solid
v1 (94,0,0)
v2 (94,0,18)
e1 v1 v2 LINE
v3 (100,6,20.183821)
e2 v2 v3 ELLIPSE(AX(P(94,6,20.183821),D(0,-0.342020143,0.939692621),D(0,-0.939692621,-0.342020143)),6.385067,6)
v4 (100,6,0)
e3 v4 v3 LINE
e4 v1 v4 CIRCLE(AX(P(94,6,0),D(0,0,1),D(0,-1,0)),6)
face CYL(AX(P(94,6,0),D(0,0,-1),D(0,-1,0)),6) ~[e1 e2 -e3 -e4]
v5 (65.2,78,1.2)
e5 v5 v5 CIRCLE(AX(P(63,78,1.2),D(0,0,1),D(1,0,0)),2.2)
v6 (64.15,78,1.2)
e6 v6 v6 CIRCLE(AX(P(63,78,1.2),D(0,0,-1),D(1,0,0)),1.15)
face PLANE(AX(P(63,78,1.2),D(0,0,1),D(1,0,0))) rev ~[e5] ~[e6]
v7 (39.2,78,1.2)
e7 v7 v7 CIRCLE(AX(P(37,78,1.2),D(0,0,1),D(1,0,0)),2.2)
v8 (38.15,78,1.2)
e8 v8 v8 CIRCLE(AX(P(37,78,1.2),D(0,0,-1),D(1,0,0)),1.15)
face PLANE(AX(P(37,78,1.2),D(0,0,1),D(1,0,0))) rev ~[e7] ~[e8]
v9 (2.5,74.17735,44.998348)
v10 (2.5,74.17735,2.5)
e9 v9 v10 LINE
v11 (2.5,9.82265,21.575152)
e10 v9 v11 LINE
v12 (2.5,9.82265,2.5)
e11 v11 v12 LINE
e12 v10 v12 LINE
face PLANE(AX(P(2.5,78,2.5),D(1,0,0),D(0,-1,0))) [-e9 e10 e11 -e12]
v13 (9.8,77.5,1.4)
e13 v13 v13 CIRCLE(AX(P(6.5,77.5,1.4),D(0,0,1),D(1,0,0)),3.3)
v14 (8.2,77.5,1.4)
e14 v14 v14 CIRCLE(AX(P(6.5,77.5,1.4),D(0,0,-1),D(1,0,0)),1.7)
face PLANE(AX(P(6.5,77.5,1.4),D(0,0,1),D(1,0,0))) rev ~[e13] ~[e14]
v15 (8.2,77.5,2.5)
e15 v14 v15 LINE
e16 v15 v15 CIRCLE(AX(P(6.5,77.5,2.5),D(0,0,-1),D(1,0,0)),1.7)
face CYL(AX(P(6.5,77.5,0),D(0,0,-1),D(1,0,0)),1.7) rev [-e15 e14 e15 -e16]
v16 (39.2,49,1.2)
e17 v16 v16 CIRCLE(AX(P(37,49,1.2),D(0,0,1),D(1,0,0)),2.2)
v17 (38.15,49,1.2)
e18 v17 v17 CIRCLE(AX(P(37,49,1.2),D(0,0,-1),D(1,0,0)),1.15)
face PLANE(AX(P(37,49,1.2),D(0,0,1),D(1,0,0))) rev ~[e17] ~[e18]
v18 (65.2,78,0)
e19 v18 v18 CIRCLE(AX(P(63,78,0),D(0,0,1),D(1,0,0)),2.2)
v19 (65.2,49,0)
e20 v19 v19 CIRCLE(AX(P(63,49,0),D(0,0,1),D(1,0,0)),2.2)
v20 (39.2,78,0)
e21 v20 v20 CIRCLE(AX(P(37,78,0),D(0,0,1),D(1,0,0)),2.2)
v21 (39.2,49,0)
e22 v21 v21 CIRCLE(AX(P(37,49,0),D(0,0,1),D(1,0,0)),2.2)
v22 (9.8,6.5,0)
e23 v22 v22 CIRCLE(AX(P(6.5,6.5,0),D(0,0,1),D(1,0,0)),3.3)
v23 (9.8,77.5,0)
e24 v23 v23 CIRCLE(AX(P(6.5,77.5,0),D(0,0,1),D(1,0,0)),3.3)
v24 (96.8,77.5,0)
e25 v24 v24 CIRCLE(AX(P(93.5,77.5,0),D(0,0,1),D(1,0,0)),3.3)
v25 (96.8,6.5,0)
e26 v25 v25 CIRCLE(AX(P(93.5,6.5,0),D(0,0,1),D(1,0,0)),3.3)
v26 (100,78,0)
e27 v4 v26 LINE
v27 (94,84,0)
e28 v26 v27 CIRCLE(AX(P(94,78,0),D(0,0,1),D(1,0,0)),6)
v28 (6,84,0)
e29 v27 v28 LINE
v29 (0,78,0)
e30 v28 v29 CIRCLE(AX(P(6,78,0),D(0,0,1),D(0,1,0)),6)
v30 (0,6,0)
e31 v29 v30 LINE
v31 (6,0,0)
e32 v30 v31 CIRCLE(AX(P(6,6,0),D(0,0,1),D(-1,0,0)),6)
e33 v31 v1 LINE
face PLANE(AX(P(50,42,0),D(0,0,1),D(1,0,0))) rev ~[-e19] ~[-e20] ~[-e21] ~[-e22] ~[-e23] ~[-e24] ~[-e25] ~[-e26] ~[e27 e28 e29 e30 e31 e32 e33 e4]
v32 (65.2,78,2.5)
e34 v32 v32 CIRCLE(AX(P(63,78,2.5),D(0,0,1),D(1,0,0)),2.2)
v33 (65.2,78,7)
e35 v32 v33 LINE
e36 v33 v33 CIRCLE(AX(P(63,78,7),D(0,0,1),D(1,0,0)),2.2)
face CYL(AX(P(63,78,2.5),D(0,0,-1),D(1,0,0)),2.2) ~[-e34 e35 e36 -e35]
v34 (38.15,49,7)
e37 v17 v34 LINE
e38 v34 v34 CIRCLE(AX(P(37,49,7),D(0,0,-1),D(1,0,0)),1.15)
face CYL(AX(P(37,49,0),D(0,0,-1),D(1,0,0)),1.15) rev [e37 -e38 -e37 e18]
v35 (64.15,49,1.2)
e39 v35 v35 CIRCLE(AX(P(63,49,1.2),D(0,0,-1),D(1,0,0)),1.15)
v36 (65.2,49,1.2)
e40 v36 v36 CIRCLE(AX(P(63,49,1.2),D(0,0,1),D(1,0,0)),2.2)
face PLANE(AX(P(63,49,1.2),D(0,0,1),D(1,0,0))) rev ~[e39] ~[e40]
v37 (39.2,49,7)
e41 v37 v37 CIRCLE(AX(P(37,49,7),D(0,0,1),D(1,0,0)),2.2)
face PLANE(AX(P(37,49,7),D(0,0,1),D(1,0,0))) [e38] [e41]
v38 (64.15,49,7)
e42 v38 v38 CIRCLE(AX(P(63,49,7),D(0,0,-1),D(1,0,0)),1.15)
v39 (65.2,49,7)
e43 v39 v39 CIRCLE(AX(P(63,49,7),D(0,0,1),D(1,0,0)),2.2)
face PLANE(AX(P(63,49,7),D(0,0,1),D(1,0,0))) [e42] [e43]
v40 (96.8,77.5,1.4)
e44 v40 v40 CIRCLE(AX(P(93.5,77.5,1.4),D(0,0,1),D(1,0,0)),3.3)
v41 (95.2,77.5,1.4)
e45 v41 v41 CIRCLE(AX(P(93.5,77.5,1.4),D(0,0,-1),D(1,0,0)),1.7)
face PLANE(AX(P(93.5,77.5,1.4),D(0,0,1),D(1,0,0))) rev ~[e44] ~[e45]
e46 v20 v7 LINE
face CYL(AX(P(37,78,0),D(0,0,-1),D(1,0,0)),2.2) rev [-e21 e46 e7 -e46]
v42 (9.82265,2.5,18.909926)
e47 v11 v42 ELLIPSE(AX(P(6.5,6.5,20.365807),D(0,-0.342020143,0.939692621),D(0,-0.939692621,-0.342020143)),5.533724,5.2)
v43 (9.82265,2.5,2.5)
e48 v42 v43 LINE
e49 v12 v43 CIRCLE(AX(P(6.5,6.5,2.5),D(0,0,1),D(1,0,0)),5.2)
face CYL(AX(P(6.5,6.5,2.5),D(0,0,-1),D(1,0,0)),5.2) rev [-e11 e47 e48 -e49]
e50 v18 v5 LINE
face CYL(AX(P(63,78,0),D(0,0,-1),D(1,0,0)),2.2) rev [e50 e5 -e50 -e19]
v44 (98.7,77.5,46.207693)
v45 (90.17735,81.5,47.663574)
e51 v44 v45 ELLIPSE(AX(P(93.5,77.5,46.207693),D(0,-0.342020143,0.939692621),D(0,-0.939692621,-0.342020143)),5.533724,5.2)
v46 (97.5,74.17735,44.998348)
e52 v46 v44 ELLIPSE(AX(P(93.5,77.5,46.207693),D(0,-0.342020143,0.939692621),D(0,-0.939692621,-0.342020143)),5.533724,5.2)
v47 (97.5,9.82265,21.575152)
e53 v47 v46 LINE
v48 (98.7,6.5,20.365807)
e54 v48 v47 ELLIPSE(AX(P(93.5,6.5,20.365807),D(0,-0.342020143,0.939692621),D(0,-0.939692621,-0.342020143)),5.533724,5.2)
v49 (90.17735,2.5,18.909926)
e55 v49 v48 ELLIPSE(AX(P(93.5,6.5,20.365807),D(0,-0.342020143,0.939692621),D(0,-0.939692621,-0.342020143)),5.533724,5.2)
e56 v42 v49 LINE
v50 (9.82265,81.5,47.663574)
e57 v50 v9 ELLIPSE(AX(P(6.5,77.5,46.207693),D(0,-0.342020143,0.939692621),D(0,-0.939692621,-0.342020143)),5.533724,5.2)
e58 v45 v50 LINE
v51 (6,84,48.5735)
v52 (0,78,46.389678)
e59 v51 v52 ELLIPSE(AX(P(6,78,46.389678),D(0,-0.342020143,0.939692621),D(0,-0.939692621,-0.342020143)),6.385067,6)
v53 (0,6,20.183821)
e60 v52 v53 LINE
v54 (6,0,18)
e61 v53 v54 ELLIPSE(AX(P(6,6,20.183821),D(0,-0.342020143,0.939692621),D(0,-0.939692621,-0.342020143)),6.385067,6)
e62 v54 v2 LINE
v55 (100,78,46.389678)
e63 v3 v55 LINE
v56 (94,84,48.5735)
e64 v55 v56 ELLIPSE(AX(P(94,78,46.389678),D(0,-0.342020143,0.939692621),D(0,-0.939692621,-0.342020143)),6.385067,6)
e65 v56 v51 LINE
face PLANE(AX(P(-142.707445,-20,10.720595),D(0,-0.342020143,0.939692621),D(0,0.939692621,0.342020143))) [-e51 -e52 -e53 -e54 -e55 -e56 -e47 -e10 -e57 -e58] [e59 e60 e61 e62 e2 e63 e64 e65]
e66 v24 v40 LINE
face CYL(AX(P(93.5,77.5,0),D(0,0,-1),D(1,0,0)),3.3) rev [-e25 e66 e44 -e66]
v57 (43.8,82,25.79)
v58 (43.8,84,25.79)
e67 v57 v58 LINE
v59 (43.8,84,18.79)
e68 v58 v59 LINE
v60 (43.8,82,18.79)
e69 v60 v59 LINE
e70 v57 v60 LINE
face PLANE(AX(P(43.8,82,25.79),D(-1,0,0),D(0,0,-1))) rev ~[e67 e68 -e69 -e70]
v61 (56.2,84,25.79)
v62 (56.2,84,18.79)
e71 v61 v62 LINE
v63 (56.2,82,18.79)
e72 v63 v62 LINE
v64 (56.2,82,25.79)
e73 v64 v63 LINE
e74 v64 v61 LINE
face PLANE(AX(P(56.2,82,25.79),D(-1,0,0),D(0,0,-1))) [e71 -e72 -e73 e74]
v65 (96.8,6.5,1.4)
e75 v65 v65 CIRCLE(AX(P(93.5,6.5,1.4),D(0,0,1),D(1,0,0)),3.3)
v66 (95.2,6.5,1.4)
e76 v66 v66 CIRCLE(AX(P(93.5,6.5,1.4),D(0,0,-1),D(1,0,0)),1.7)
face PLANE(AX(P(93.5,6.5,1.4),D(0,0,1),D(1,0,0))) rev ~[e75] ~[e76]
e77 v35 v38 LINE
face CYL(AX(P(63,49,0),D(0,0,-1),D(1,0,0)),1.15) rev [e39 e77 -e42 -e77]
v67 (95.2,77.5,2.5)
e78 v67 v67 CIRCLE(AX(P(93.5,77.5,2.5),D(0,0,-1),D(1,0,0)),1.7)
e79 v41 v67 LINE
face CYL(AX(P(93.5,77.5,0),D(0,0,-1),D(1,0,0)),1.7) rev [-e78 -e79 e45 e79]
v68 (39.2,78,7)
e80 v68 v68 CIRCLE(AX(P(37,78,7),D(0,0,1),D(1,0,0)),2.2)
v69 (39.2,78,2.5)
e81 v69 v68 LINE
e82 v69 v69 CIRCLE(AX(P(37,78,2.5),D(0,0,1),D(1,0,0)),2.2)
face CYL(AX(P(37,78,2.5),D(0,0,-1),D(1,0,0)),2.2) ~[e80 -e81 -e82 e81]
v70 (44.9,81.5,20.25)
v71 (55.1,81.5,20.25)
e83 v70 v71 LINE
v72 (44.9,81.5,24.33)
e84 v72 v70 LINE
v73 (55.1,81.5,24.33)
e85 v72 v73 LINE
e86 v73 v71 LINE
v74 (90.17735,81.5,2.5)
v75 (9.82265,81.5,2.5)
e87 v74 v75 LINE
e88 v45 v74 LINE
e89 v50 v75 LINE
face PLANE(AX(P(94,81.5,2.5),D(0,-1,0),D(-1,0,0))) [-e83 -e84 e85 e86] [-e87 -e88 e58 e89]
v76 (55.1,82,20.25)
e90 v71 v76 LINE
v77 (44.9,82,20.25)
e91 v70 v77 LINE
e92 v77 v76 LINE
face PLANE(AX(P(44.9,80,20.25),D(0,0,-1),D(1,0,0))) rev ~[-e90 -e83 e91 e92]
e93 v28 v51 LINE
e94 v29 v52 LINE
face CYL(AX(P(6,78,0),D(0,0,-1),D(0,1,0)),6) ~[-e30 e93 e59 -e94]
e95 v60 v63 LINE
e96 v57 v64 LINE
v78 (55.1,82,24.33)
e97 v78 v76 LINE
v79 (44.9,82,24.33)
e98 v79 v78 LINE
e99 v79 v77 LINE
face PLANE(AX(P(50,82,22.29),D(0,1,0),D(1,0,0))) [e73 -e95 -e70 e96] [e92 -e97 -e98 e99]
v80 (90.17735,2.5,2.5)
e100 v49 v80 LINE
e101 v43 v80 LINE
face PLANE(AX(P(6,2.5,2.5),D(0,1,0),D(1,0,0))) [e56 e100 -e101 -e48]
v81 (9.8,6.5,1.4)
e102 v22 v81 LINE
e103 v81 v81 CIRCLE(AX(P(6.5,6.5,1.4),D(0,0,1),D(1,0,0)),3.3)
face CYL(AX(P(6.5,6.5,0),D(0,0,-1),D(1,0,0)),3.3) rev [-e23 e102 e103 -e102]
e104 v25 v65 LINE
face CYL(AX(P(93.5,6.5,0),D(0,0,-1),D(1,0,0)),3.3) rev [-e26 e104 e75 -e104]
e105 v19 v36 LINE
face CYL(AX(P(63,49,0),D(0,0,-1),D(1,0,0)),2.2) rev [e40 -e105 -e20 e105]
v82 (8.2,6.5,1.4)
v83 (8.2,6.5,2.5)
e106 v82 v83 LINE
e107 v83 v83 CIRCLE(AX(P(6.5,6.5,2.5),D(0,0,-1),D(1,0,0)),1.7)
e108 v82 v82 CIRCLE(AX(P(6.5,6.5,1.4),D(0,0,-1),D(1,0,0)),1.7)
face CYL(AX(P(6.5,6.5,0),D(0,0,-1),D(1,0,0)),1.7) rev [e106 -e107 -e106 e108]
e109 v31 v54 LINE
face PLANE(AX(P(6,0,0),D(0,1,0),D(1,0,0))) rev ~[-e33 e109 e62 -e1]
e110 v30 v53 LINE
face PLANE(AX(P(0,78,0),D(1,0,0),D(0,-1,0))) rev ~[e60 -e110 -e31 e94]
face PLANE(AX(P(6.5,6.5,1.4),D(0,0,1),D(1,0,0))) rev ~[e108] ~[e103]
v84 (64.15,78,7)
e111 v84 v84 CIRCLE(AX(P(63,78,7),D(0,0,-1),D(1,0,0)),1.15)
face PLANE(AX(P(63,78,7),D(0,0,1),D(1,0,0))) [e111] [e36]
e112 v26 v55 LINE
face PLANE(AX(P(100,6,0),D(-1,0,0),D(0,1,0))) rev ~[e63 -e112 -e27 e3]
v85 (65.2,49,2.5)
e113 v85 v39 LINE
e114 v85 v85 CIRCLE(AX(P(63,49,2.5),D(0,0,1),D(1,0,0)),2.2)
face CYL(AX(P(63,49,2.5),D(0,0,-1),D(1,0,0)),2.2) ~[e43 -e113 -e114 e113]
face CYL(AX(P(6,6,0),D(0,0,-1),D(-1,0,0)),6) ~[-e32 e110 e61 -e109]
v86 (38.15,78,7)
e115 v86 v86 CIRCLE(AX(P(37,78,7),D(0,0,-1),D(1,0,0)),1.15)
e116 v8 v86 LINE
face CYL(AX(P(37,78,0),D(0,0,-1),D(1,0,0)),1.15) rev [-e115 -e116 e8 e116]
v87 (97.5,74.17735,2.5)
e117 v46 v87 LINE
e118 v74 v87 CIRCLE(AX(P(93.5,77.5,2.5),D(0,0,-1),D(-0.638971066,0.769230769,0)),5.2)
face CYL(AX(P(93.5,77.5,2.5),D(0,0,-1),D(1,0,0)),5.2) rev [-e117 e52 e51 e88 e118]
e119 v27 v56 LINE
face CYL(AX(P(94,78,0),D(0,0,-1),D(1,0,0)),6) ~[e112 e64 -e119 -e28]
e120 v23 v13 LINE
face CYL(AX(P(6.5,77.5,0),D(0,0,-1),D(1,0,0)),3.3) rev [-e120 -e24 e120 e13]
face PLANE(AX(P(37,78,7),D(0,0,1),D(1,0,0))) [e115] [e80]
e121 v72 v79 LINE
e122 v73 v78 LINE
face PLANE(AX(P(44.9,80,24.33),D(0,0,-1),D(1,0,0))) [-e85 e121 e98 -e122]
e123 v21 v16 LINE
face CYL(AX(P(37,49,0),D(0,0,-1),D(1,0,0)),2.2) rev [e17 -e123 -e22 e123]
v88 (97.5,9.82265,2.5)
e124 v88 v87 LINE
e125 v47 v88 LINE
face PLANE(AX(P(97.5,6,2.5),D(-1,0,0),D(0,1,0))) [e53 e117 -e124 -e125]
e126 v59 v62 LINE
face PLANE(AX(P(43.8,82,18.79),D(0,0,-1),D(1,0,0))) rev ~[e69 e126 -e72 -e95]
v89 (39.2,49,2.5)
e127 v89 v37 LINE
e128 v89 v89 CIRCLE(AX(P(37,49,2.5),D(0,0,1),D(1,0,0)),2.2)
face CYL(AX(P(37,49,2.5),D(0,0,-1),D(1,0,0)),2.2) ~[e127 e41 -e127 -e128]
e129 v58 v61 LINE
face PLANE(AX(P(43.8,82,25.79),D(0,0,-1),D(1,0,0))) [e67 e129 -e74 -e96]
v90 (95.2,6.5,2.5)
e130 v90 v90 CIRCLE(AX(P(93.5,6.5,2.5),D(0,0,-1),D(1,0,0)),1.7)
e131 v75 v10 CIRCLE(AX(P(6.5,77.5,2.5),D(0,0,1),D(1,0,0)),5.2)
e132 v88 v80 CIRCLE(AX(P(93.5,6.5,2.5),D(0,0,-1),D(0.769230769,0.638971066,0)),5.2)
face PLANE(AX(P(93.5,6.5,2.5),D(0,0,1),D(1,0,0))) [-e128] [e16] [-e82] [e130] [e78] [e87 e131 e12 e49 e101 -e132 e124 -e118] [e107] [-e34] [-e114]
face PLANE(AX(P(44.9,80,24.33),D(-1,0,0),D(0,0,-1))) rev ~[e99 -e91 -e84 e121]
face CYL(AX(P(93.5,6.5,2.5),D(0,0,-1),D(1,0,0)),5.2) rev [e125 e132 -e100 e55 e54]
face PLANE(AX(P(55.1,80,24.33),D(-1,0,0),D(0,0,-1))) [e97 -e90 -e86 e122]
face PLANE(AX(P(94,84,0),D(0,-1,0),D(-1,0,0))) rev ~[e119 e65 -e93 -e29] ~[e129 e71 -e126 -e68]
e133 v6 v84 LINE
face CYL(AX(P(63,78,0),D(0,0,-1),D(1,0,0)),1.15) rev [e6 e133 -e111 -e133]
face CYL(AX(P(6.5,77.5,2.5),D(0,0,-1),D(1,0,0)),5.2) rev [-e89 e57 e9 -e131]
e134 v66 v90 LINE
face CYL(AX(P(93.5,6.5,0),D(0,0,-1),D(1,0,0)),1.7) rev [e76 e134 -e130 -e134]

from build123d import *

# Parameters (mm, degrees)
OUTER_R6_DEPTH                         = 55
CAVITY_FLOOR2P5_WALL2P5_START          = 2.5
CAVITY_FLOOR2P5_WALL2P5_DEPTH          = 65
PANEL_SEAT_20DEG_DEPTH                 = 142.707445111
PANEL_SEAT_20DEG_DEPTH_BACK            = 142.707445111
INTERNAL_POST_CLEARANCE_0_START        = 2.5
SKETCH_4_R                             = 5.2
INTERNAL_POST_CLEARANCE_0_DEPTH        = 60
SKETCH_5_R                             = 1.7
UNDERSIDE_M3_0_DEPTH                   = 3
SKETCH_6_R                             = 3.3
UNDERSIDE_HEAD_RECESS_0_DEPTH          = 1.4
INTERNAL_POST_CLEARANCE_1_START        = 2.5
SKETCH_7_R                             = 5.2
INTERNAL_POST_CLEARANCE_1_DEPTH        = 60
SKETCH_8_R                             = 1.7
UNDERSIDE_M3_1_DEPTH                   = 3
SKETCH_9_R                             = 3.3
UNDERSIDE_HEAD_RECESS_1_DEPTH          = 1.4
INTERNAL_POST_CLEARANCE_2_START        = 2.5
SKETCH_10_R                            = 5.2
INTERNAL_POST_CLEARANCE_2_DEPTH        = 60
SKETCH_11_R                            = 1.7
UNDERSIDE_M3_2_DEPTH                   = 3
SKETCH_12_R                            = 3.3
UNDERSIDE_HEAD_RECESS_2_DEPTH          = 1.4
INTERNAL_POST_CLEARANCE_3_START        = 2.5
SKETCH_13_R                            = 5.2
INTERNAL_POST_CLEARANCE_3_DEPTH        = 60
SKETCH_14_R                            = 1.7
UNDERSIDE_M3_3_DEPTH                   = 3
SKETCH_15_R                            = 3.3
UNDERSIDE_HEAD_RECESS_3_DEPTH          = 1.4
CENTERED_CARRIER_SUPPORTS_Z7_START     = 2.5
SKETCH_16_R                            = 2.2
CENTERED_CARRIER_SUPPORTS_Z7_DEPTH     = 4.5
SKETCH_17_R                            = 1.15
CARRIER_M2_CLEARANCE_DEPTH             = 8
SKETCH_18_R                            = 2.2
CARRIER_HEAD_RECESS_DEPTH              = 1.2
USB_C_CENTERED_INNER_OPENING_START     = 80
SKETCH_19_W                            = 10.2
SKETCH_19_H                            = 4.08
USB_C_CENTERED_INNER_OPENING_DEPTH     = 6
USB_PLUG_SHOULDER_SHALLOW_RECESS_START = 82
SKETCH_20_W                            = 12.4
SKETCH_20_H                            = 7
USB_PLUG_SHOULDER_SHALLOW_RECESS_DEPTH = 3


with BuildPart() as part:
    # 草图1 → Outer_R6 (new body)
    with BuildSketch(Plane.XY):
        with BuildLine():
            Line((6, 0), (94, 0))
            ThreePointArc((94, 0), (98.242640687, 1.757359313), (100, 6))
            Line((100, 6), (100, 78))
            ThreePointArc((100, 78), (98.242640687, 82.242640687), (94, 84))
            Line((94, 84), (6, 84))
            ThreePointArc((6, 84), (1.757359313, 82.242640687), (0, 78))
            Line((0, 78), (0, 6))
            ThreePointArc((0, 6), (1.757359313, 1.757359313), (6, 0))
        make_face()
    extrude(amount=OUTER_R6_DEPTH)

    # 草图2 → Cavity_floor2p5_wall2p5 (cut)
    with BuildSketch(Plane.XY.offset(CAVITY_FLOOR2P5_WALL2P5_START)):
        with BuildLine():
            Line((6, 2.5), (94, 2.5))
            ThreePointArc((94, 2.5), (96.474873734, 3.525126266), (97.5, 6))
            Line((97.5, 6), (97.5, 78))
            ThreePointArc((97.5, 78), (96.474873734, 80.474873734), (94, 81.5))
            Line((94, 81.5), (6, 81.5))
            ThreePointArc((6, 81.5), (3.525126266, 80.474873734), (2.5, 78))
            Line((2.5, 78), (2.5, 6))
            ThreePointArc((2.5, 6), (3.525126266, 3.525126266), (6, 2.5))
        make_face()
    extrude(amount=CAVITY_FLOOR2P5_WALL2P5_DEPTH, mode=Mode.SUBTRACT)

    # 草图3 → Panel_seat_20deg (cut, two sides: drawn at the far end of the back side and taken through both)
    with BuildSketch(Plane(origin=(0, 0, 0), x_dir=(0, 0, -1), z_dir=(1, 0, 0)).offset(-PANEL_SEAT_20DEG_DEPTH_BACK)):
        Polygon((-10.720595315, -20), (-58.036725769, 110), (-120, 110), (-120, -20), align=None)
    extrude(amount=PANEL_SEAT_20DEG_DEPTH + PANEL_SEAT_20DEG_DEPTH_BACK, mode=Mode.SUBTRACT)

    # 草图4 → Internal_post_clearance_0 (cut)
    with BuildSketch(Plane.XY.offset(INTERNAL_POST_CLEARANCE_0_START)):
        with Locations((6.5, 6.5)):
            Circle(SKETCH_4_R)
    extrude(amount=INTERNAL_POST_CLEARANCE_0_DEPTH, mode=Mode.SUBTRACT)

    # 草图5 → Underside_M3_0 (cut)
    with BuildSketch(Plane.XY):
        with Locations((6.5, 6.5)):
            Circle(SKETCH_5_R)
    extrude(amount=UNDERSIDE_M3_0_DEPTH, mode=Mode.SUBTRACT)

    # 草图6 → Underside_head_recess_0 (cut)
    with BuildSketch(Plane.XY):
        with Locations((6.5, 6.5)):
            Circle(SKETCH_6_R)
    extrude(amount=UNDERSIDE_HEAD_RECESS_0_DEPTH, mode=Mode.SUBTRACT)

    # 草图7 → Internal_post_clearance_1 (cut)
    with BuildSketch(Plane.XY.offset(INTERNAL_POST_CLEARANCE_1_START)):
        with Locations((93.5, 6.5)):
            Circle(SKETCH_7_R)
    extrude(amount=INTERNAL_POST_CLEARANCE_1_DEPTH, mode=Mode.SUBTRACT)

    # 草图8 → Underside_M3_1 (cut)
    with BuildSketch(Plane.XY):
        with Locations((93.5, 6.5)):
            Circle(SKETCH_8_R)
    extrude(amount=UNDERSIDE_M3_1_DEPTH, mode=Mode.SUBTRACT)

    # 草图9 → Underside_head_recess_1 (cut)
    with BuildSketch(Plane.XY):
        with Locations((93.5, 6.5)):
            Circle(SKETCH_9_R)
    extrude(amount=UNDERSIDE_HEAD_RECESS_1_DEPTH, mode=Mode.SUBTRACT)

    # 草图10 → Internal_post_clearance_2 (cut)
    with BuildSketch(Plane.XY.offset(INTERNAL_POST_CLEARANCE_2_START)):
        with Locations((6.5, 77.5)):
            Circle(SKETCH_10_R)
    extrude(amount=INTERNAL_POST_CLEARANCE_2_DEPTH, mode=Mode.SUBTRACT)

    # 草图11 → Underside_M3_2 (cut)
    with BuildSketch(Plane.XY):
        with Locations((6.5, 77.5)):
            Circle(SKETCH_11_R)
    extrude(amount=UNDERSIDE_M3_2_DEPTH, mode=Mode.SUBTRACT)

    # 草图12 → Underside_head_recess_2 (cut)
    with BuildSketch(Plane.XY):
        with Locations((6.5, 77.5)):
            Circle(SKETCH_12_R)
    extrude(amount=UNDERSIDE_HEAD_RECESS_2_DEPTH, mode=Mode.SUBTRACT)

    # 草图13 → Internal_post_clearance_3 (cut)
    with BuildSketch(Plane.XY.offset(INTERNAL_POST_CLEARANCE_3_START)):
        with Locations((93.5, 77.5)):
            Circle(SKETCH_13_R)
    extrude(amount=INTERNAL_POST_CLEARANCE_3_DEPTH, mode=Mode.SUBTRACT)

    # 草图14 → Underside_M3_3 (cut)
    with BuildSketch(Plane.XY):
        with Locations((93.5, 77.5)):
            Circle(SKETCH_14_R)
    extrude(amount=UNDERSIDE_M3_3_DEPTH, mode=Mode.SUBTRACT)

    # 草图15 → Underside_head_recess_3 (cut)
    with BuildSketch(Plane.XY):
        with Locations((93.5, 77.5)):
            Circle(SKETCH_15_R)
    extrude(amount=UNDERSIDE_HEAD_RECESS_3_DEPTH, mode=Mode.SUBTRACT)

    # 草图16 → Centered_carrier_supports_Z7 (add)
    with BuildSketch(Plane.XY.offset(CENTERED_CARRIER_SUPPORTS_Z7_START)):
        with Locations((37, 49)):
            Circle(SKETCH_16_R)
        with Locations((63, 49)):
            Circle(SKETCH_16_R)
        with Locations((37, 78)):
            Circle(SKETCH_16_R)
        with Locations((63, 78)):
            Circle(SKETCH_16_R)
    extrude(amount=CENTERED_CARRIER_SUPPORTS_Z7_DEPTH)

    # 草图17 → Carrier_M2_clearance (cut)
    with BuildSketch(Plane.XY):
        with Locations((37, 49)):
            Circle(SKETCH_17_R)
        with Locations((63, 49)):
            Circle(SKETCH_17_R)
        with Locations((37, 78)):
            Circle(SKETCH_17_R)
        with Locations((63, 78)):
            Circle(SKETCH_17_R)
    extrude(amount=CARRIER_M2_CLEARANCE_DEPTH, mode=Mode.SUBTRACT)

    # 草图18 → Carrier_head_recess (cut)
    with BuildSketch(Plane.XY):
        with Locations((37, 49)):
            Circle(SKETCH_18_R)
        with Locations((63, 49)):
            Circle(SKETCH_18_R)
        with Locations((37, 78)):
            Circle(SKETCH_18_R)
        with Locations((63, 78)):
            Circle(SKETCH_18_R)
    extrude(amount=CARRIER_HEAD_RECESS_DEPTH, mode=Mode.SUBTRACT)

    # 草图19 → USB_C_centered_inner_opening (cut)
    with BuildSketch(Plane(origin=(0, 0, 0), x_dir=(1, 0, 0), z_dir=(0, 1, 0)).offset(USB_C_CENTERED_INNER_OPENING_START)):
        with Locations((50, -22.29)):
            Rectangle(SKETCH_19_W, SKETCH_19_H)
    extrude(amount=USB_C_CENTERED_INNER_OPENING_DEPTH, mode=Mode.SUBTRACT)

    # 草图20 → USB_plug_shoulder_shallow_recess (cut)
    with BuildSketch(Plane(origin=(0, 0, 0), x_dir=(1, 0, 0), z_dir=(0, 1, 0)).offset(USB_PLUG_SHOULDER_SHALLOW_RECESS_START)):
        with Locations((50, -22.29)):
            Rectangle(SKETCH_20_W, SKETCH_20_H)
    extrude(amount=USB_PLUG_SHOULDER_SHALLOW_RECESS_DEPTH, mode=Mode.SUBTRACT)


solid = part.part
